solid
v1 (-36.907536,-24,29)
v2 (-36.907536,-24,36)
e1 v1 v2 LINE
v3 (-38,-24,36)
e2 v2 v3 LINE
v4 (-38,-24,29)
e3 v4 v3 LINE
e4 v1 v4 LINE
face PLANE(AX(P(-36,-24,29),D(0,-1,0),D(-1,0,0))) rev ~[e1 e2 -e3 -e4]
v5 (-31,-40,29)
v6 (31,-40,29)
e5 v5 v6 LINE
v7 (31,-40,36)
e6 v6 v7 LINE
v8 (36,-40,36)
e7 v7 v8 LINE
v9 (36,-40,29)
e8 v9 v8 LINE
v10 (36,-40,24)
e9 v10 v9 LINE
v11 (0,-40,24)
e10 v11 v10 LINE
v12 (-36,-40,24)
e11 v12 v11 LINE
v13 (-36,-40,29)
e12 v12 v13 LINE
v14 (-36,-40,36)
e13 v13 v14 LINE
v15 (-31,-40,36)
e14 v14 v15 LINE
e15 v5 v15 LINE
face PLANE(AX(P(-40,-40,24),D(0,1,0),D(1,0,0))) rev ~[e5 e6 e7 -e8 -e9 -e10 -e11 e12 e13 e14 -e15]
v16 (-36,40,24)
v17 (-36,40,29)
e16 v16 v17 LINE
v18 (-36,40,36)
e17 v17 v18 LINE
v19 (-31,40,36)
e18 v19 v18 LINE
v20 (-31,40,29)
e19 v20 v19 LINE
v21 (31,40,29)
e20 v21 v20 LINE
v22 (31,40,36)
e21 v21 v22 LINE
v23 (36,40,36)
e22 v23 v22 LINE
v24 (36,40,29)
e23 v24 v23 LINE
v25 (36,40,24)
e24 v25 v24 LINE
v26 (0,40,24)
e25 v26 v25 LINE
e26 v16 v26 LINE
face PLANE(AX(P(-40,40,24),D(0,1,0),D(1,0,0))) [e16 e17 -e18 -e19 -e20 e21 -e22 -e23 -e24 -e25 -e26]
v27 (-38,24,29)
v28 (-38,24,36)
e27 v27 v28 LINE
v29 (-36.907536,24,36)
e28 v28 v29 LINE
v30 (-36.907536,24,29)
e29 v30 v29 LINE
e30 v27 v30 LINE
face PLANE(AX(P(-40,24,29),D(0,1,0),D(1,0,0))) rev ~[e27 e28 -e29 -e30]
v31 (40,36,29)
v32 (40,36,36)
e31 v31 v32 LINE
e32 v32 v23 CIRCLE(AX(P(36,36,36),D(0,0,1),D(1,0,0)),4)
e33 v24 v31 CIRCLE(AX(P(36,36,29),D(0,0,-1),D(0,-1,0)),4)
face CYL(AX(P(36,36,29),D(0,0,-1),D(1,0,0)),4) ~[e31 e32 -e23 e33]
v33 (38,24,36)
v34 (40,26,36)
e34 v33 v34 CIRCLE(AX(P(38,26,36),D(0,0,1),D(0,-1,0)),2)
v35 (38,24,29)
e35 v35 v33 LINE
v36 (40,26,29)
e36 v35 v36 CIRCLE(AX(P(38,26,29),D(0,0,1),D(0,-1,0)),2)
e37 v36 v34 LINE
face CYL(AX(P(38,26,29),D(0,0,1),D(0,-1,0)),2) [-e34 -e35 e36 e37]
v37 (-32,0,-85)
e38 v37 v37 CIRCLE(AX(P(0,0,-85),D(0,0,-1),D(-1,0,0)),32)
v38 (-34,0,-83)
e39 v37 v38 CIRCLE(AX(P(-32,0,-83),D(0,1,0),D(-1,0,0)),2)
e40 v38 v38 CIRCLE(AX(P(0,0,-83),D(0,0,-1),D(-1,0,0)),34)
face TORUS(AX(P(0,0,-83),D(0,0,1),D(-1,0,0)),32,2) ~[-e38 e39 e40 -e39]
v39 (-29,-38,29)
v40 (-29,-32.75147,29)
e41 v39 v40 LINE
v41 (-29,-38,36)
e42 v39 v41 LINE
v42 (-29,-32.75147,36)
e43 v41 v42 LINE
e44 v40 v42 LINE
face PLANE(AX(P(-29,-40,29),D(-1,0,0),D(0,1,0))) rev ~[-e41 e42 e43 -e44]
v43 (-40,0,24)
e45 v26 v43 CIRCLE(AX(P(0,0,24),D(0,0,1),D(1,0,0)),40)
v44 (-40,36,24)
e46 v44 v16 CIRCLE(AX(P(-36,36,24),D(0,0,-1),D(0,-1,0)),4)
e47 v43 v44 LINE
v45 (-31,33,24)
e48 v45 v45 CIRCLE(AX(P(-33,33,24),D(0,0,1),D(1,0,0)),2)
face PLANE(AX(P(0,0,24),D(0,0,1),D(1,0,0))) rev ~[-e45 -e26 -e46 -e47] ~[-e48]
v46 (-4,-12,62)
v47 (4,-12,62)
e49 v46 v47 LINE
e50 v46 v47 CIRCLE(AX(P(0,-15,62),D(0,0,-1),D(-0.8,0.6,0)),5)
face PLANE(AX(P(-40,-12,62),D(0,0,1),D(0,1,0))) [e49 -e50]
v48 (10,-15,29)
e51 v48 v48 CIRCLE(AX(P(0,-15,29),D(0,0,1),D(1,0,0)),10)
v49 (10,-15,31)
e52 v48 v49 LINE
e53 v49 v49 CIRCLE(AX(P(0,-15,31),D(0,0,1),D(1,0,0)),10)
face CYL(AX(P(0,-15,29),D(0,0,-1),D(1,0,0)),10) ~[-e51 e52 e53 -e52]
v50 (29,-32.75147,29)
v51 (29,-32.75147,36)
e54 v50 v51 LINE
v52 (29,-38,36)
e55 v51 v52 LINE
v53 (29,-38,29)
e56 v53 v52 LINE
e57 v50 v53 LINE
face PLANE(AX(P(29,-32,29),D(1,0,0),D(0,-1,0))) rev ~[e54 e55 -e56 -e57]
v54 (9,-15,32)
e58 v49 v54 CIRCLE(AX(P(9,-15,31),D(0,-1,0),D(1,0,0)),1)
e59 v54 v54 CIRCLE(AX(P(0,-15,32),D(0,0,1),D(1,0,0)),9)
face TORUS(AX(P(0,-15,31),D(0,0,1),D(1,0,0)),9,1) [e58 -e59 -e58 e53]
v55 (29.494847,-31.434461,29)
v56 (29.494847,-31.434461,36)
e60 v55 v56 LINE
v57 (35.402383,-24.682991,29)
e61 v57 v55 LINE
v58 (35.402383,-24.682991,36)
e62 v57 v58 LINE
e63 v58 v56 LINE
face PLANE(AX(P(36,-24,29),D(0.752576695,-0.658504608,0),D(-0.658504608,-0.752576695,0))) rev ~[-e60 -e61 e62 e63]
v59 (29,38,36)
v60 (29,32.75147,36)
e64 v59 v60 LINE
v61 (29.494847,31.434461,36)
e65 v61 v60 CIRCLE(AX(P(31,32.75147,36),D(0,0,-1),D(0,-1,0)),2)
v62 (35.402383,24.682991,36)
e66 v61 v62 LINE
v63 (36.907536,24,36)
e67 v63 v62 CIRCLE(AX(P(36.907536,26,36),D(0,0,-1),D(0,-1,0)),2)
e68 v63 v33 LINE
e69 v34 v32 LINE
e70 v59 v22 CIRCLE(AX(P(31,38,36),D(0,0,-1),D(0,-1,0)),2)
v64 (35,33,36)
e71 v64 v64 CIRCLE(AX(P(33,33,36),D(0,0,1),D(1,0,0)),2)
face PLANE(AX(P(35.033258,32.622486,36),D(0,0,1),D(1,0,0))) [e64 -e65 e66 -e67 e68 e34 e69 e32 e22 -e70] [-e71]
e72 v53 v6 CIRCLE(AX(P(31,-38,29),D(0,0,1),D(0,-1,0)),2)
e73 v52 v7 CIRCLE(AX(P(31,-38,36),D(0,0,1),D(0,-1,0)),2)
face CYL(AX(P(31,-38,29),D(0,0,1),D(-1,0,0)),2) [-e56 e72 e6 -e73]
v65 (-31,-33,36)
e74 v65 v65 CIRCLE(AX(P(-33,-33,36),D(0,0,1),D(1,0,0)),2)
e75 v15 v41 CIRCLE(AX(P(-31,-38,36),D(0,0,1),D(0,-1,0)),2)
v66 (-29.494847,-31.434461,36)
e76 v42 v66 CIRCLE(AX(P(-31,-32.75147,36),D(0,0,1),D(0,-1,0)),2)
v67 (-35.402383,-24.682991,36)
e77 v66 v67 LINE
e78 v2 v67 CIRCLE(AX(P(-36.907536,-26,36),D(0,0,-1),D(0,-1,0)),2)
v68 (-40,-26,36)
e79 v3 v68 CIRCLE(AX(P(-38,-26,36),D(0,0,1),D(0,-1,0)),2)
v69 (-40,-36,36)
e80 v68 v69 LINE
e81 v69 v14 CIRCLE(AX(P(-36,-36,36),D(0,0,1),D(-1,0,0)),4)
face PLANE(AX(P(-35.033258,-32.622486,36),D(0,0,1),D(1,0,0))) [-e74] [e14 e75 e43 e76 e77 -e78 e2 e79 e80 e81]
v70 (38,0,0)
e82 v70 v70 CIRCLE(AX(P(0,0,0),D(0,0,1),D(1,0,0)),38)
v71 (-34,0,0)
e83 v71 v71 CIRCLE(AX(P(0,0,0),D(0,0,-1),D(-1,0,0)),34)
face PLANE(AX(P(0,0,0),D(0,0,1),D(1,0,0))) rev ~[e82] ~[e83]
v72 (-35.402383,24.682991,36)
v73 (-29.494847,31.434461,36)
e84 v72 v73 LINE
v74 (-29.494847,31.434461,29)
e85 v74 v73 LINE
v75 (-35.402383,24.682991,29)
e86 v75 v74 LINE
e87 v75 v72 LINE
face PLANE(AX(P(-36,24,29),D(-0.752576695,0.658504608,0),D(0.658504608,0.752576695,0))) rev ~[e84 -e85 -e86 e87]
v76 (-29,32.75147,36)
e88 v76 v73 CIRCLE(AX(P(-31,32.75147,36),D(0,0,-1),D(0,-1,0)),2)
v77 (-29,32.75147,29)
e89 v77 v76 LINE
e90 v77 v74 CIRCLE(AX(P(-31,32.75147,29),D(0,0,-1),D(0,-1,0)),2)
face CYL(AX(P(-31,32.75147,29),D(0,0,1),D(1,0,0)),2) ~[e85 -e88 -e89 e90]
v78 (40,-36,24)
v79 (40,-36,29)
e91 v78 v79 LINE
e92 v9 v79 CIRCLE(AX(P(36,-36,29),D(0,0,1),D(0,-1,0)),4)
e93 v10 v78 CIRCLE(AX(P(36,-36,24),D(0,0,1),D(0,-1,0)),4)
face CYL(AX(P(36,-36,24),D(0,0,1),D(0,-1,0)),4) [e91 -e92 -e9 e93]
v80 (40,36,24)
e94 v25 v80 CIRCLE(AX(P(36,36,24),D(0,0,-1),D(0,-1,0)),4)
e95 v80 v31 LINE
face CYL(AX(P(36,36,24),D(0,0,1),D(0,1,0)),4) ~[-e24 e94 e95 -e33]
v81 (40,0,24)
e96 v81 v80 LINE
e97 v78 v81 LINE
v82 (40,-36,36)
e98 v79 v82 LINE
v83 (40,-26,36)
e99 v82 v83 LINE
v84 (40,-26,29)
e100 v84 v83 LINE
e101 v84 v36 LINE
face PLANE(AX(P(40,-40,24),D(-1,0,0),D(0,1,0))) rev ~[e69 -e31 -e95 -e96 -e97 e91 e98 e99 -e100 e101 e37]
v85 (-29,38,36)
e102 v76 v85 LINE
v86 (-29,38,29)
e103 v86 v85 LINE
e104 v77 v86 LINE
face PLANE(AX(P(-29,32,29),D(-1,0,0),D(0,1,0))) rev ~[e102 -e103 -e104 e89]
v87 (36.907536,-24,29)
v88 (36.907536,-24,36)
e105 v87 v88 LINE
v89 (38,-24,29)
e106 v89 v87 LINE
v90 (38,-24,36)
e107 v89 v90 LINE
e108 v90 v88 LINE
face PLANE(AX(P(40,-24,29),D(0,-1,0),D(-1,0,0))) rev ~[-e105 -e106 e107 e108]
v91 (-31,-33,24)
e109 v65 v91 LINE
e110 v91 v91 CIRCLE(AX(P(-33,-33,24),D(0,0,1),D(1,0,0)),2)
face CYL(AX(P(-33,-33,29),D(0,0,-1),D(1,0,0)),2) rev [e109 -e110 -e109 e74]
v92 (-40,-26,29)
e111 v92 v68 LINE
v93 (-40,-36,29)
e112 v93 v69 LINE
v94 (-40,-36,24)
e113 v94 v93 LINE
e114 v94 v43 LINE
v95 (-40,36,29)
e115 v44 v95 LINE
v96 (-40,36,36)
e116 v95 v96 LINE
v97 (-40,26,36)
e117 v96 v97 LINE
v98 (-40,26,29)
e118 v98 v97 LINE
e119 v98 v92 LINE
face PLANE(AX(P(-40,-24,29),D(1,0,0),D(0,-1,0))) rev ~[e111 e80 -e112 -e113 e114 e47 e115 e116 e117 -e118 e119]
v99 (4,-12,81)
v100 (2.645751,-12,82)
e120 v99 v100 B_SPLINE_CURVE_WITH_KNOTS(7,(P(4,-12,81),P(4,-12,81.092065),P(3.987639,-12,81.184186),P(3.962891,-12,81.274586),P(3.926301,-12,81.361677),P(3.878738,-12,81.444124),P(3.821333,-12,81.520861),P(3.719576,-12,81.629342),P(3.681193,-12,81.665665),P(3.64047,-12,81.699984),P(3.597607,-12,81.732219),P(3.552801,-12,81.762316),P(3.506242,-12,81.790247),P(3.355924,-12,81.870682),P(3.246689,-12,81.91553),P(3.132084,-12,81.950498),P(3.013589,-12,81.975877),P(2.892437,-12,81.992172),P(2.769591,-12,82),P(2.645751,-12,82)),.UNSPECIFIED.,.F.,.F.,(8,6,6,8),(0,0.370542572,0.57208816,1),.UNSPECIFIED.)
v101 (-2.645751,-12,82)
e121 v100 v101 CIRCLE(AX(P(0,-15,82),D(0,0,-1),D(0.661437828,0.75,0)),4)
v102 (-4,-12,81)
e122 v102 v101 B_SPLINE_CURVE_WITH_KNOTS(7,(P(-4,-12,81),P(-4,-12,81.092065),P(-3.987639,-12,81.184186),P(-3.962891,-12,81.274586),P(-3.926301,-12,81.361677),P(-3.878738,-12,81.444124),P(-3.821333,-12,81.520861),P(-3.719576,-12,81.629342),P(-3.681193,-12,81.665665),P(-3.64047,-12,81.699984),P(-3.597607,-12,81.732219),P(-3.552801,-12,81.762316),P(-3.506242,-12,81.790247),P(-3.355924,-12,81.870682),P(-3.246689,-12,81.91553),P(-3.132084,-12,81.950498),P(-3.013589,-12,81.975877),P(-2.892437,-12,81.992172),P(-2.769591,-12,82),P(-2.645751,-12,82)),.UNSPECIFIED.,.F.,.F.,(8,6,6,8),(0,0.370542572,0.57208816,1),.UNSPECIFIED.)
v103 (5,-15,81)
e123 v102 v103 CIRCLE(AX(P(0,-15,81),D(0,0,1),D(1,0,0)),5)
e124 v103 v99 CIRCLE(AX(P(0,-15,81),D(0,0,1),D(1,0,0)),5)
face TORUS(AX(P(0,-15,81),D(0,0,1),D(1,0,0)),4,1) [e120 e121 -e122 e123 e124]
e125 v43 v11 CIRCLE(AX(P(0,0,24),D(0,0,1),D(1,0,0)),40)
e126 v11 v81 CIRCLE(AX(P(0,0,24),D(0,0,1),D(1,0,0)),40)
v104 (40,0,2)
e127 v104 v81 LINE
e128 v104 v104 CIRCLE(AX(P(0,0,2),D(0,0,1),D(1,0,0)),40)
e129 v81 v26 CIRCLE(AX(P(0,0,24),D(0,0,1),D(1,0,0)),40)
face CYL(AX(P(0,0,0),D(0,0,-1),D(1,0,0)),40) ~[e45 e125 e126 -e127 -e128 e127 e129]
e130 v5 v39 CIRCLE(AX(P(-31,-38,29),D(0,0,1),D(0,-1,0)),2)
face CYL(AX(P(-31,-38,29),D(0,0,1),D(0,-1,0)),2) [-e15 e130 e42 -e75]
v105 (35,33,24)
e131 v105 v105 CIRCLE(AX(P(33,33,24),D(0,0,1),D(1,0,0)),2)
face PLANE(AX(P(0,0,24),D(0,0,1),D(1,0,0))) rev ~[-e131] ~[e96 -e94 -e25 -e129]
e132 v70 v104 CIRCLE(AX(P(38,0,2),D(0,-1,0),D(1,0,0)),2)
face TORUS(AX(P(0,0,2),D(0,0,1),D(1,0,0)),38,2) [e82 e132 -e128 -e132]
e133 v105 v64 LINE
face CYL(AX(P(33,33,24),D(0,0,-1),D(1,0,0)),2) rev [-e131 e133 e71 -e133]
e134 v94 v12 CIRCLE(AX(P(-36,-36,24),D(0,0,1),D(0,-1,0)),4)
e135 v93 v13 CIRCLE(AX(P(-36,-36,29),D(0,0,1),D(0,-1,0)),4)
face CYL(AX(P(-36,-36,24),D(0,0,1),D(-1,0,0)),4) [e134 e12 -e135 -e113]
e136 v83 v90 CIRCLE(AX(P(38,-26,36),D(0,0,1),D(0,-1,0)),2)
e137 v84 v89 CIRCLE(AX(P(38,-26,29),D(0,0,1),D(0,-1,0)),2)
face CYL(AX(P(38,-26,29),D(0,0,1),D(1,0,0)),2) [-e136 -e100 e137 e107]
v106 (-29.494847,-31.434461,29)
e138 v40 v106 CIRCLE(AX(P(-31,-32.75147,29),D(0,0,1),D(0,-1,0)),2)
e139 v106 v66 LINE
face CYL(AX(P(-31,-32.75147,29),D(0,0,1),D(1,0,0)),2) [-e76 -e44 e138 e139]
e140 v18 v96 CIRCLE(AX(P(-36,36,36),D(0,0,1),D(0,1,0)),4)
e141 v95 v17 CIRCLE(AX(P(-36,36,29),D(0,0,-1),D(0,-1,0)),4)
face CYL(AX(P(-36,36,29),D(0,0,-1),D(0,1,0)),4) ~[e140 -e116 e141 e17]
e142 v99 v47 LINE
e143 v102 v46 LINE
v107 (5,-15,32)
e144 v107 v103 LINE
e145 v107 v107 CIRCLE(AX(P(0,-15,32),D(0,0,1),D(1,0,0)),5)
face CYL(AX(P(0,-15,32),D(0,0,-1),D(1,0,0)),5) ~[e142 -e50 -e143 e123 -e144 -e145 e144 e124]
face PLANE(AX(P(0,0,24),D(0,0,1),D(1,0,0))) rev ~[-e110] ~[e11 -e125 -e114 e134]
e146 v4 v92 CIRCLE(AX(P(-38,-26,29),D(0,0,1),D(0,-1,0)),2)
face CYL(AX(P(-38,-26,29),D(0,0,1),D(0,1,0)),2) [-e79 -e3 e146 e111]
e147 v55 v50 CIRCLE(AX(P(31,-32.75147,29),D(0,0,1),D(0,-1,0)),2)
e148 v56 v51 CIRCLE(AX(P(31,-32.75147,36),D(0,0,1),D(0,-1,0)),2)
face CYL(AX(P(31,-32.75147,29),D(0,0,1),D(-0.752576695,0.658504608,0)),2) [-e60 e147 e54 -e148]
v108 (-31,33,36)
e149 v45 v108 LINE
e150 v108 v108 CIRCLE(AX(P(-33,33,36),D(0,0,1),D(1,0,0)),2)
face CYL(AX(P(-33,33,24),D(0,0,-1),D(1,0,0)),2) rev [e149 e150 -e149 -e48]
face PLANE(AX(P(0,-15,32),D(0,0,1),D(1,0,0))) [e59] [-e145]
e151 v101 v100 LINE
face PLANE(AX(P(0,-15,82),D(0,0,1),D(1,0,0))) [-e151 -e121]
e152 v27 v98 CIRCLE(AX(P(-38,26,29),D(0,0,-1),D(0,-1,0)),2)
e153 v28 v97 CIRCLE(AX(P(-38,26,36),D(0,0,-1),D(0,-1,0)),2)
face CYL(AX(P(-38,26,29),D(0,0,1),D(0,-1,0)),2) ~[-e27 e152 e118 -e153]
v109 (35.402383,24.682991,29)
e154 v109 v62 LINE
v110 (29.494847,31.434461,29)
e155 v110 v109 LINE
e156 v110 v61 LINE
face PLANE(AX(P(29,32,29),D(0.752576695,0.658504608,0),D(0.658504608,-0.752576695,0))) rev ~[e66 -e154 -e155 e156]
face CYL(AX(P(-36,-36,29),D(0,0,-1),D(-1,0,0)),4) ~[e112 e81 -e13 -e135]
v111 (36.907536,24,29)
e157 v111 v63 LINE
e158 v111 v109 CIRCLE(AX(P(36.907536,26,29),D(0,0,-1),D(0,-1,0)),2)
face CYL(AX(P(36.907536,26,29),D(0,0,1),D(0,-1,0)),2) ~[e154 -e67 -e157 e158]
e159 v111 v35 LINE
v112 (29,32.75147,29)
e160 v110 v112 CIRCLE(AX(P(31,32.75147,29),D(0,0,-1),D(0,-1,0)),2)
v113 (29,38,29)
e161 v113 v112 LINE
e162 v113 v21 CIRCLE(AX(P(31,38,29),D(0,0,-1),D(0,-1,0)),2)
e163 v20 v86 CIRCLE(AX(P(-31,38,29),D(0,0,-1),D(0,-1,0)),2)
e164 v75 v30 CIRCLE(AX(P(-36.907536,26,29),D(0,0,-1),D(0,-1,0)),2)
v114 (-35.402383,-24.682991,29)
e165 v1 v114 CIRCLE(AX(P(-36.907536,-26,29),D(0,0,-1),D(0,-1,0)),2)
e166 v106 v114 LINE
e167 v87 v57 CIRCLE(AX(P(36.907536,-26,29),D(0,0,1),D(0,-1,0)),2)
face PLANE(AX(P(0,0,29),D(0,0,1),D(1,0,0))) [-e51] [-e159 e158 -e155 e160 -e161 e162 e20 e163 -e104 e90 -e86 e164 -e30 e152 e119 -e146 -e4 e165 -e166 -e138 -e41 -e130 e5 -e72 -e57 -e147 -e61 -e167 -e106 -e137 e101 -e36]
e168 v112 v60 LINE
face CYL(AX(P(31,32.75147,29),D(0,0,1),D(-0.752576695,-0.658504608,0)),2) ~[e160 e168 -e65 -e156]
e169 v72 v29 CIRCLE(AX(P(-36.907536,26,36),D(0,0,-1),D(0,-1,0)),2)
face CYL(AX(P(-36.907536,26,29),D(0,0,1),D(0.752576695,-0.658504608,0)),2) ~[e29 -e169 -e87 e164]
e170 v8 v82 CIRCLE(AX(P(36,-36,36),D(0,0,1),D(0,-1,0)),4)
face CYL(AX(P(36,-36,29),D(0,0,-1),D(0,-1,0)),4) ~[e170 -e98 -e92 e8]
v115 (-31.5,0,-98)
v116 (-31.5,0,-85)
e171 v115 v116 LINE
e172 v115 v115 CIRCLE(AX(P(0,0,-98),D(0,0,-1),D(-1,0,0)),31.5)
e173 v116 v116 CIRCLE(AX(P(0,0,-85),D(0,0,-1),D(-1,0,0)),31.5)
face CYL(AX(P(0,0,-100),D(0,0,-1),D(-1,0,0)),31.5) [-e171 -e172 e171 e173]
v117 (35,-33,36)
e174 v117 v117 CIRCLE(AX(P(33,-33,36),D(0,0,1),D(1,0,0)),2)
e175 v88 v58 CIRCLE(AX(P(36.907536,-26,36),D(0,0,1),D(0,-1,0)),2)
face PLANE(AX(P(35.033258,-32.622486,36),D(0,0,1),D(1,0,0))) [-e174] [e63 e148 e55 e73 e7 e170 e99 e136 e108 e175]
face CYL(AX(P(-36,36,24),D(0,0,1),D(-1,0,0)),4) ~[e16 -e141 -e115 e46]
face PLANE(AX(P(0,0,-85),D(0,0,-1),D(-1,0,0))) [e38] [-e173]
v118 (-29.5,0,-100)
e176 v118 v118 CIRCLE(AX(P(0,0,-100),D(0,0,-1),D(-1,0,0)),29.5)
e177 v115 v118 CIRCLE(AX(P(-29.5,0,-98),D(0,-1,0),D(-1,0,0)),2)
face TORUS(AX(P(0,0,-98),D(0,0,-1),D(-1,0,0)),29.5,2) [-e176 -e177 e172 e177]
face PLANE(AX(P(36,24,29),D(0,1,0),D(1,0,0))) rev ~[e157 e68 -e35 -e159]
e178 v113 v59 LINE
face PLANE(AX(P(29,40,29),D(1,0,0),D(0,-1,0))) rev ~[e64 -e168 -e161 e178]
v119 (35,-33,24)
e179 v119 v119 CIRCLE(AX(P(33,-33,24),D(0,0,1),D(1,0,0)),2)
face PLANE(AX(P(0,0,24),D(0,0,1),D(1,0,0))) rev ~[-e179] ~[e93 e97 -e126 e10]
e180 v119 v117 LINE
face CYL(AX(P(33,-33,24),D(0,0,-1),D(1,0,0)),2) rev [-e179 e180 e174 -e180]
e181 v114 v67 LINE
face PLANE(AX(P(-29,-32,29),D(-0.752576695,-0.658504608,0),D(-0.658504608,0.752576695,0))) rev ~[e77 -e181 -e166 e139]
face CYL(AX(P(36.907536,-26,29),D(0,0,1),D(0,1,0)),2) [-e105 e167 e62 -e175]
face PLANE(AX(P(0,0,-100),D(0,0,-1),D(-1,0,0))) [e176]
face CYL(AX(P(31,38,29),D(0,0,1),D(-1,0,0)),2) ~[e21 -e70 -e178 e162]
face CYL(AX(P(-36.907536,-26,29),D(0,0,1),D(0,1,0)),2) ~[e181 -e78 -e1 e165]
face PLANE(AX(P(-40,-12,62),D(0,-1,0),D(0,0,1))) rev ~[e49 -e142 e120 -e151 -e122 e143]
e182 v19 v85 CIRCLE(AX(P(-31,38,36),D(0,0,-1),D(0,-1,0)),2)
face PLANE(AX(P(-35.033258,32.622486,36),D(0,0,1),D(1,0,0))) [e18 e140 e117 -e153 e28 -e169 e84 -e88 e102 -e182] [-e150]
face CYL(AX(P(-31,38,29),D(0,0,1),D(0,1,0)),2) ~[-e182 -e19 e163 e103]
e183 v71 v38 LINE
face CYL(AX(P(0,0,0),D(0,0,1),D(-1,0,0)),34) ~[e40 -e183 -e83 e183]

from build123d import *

# Parameters (mm, degrees)
SKETCH1_R               = 40
BOSS_EXTRUDE1_DEPTH     = 24
SKETCH2_W               = 80
SKETCH2_H               = 80
SKETCH2_R               = 2
BOSS_EXTRUDE2_DEPTH     = 5
FILLET1_R               = 4
SKETCH3_R               = 34
BOSS_EXTRUDE3_DEPTH     = 100
SKETCH4_R               = 10
BOSS_EXTRUDE4_DEPTH     = 3
SKETCH5_R               = 5
BOSS_EXTRUDE5_DEPTH     = 50
FILLET3_R               = 1
FILLET4_R               = 1
SKETCH6_W               = 26.979088542
SKETCH6_H               = 2
CUT_EXTRUDE1_DEPTH      = 1
CUT_EXTRUDE1_DEPTH_BACK = 81
SKETCH8_R               = 2
BOSS_EXTRUDE6_DEPTH     = 7
FILLET5_R               = 2
SKETCH10_R              = 34
SKETCH10_R_2            = 31.5
CUT_EXTRUDE3_DEPTH      = 15
FILLET6_R               = 2
FILLET7_R               = 2
FILLET8_R               = 2


with BuildPart() as part:
    # Sketch1 → Boss-Extrude1 (new body)
    with BuildSketch(Plane.XY):
        Circle(SKETCH1_R)
    extrude(amount=BOSS_EXTRUDE1_DEPTH)

    # Sketch2 → Boss-Extrude2 (add)
    with BuildSketch(Plane.XY.offset(24)):
        Rectangle(SKETCH2_W, SKETCH2_H)
        with Locations((33, -33)):
            Circle(SKETCH2_R, mode=Mode.SUBTRACT)
        with Locations((-33, 33)):
            Circle(SKETCH2_R, mode=Mode.SUBTRACT)
        with Locations((33, 33)):
            Circle(SKETCH2_R, mode=Mode.SUBTRACT)
        with Locations((-33, -33)):
            Circle(SKETCH2_R, mode=Mode.SUBTRACT)
    extrude(amount=BOSS_EXTRUDE2_DEPTH)

    # Fillet1
    fillet1_edges = [part.edges().sort_by_distance(p)[0] for p in [
        (40, 40, 26.5),
        (-40, 40, 26.5),
        (-40, -40, 26.5),
        (40, -40, 26.5),
    ]]
    fillet(fillet1_edges, radius=FILLET1_R)

    # Sketch3 → Boss-Extrude3 (add)
    with BuildSketch(Plane(origin=(0, 0, 0), x_dir=(-1, 0, 0), z_dir=(0, 0, -1))):
        Circle(SKETCH3_R)
    extrude(amount=BOSS_EXTRUDE3_DEPTH)

    # Sketch4 → Boss-Extrude4 (add)
    with BuildSketch(Plane.XY.offset(29)):
        with Locations((0, -15)):
            Circle(SKETCH4_R)
    extrude(amount=BOSS_EXTRUDE4_DEPTH)

    # Sketch5 → Boss-Extrude5 (add)
    with BuildSketch(Plane.XY.offset(32)):
        with Locations((0, -15)):
            Circle(SKETCH5_R)
    extrude(amount=BOSS_EXTRUDE5_DEPTH)

    # Fillet3
    fillet3_edges = [part.edges().sort_by_distance(p)[0] for p in [
        (-10, -15, 32),
    ]]
    fillet(fillet3_edges, radius=FILLET3_R)

    # Fillet4
    fillet4_edges = [part.edges().sort_by_distance(p)[0] for p in [
        (-5, -15, 82),
    ]]
    fillet(fillet4_edges, radius=FILLET4_R)

    # Sketch6 → Cut-Extrude1 (cut, two sides)
    with BuildSketch(Plane.ZY.offset(40)) as cut_extrude1_sk:
        with Locations((75.489544271, -11)):
            Rectangle(SKETCH6_W, SKETCH6_H)
    extrude(amount=CUT_EXTRUDE1_DEPTH, mode=Mode.SUBTRACT)
    extrude(cut_extrude1_sk.sketch, amount=-CUT_EXTRUDE1_DEPTH_BACK, mode=Mode.SUBTRACT)

    # Sketch8 → Boss-Extrude6 (add)
    with BuildSketch(Plane.XY.offset(29)):
        with BuildLine():
            Line((-36, -24), (-40, -24))
            Line((-40, -24), (-40, -36))
            ThreePointArc((-40, -36), (-38.828427125, -38.828427125), (-36, -40))
            Line((-36, -40), (-29, -40))
            Line((-29, -40), (-29, -32))
            Line((-29, -32), (-36, -24))
        make_face()
        with Locations((-33, -33)):
            Circle(SKETCH8_R, mode=Mode.SUBTRACT)
        with BuildLine():
            Line((29, -32), (29, -40))
            Line((29, -40), (36, -40))
            ThreePointArc((36, -40), (38.828427125, -38.828427125), (40, -36))
            Line((40, -36), (40, -24))
            Line((40, -24), (36, -24))
            Line((36, -24), (29, -32))
        make_face()
        with Locations((33, -33)):
            Circle(SKETCH8_R, mode=Mode.SUBTRACT)
        with BuildLine():
            Line((-40, 36), (-40, 24))
            Line((-40, 24), (-36, 24))
            Line((-36, 24), (-29, 32))
            Line((-29, 32), (-29, 40))
            Line((-29, 40), (-36, 40))
            ThreePointArc((-36, 40), (-38.828427125, 38.828427125), (-40, 36))
        make_face()
        with Locations((-33, 33)):
            Circle(SKETCH8_R, mode=Mode.SUBTRACT)
        with BuildLine():
            Line((36, 40), (29, 40))
            Line((29, 40), (29, 32))
            Line((29, 32), (36, 24))
            Line((36, 24), (40, 24))
            Line((40, 24), (40, 36))
            ThreePointArc((40, 36), (38.828427125, 38.828427125), (36, 40))
        make_face()
        with Locations((33, 33)):
            Circle(SKETCH8_R, mode=Mode.SUBTRACT)
    extrude(amount=BOSS_EXTRUDE6_DEPTH)

    # Fillet5
    fillet5_edges = [part.edges().sort_by_distance(p)[0] for p in [
        (-36, -24, 32.5),
        (-40, -24, 32.5),
        (-29, -40, 32.5),
        (-29, -32, 32.5),
        (36, -24, 32.5),
        (29, -32, 32.5),
        (29, -40, 32.5),
        (40, -24, 32.5),
        (-36, 24, 32.5),
        (-29, 32, 32.5),
        (-29, 40, 32.5),
        (-40, 24, 32.5),
        (36, 24, 32.5),
        (40, 24, 32.5),
        (29, 40, 32.5),
        (29, 32, 32.5),
    ]]
    fillet(fillet5_edges, radius=FILLET5_R)

    # Sketch10 → Cut-Extrude3 (cut)
    with BuildSketch(Plane(origin=(0, 0, -100), x_dir=(-1, 0, 0), z_dir=(0, 0, -1))):
        Circle(SKETCH10_R)
        Circle(SKETCH10_R_2, mode=Mode.SUBTRACT)
    extrude(amount=-CUT_EXTRUDE3_DEPTH, mode=Mode.SUBTRACT)

    # Fillet6
    fillet6_edges = [part.edges().sort_by_distance(p)[0] for p in [
        (31.5, 0, -100),
    ]]
    fillet(fillet6_edges, radius=FILLET6_R)

    # Fillet7
    fillet7_edges = [part.edges().sort_by_distance(p)[0] for p in [
        (34, 0, -85),
    ]]
    fillet(fillet7_edges, radius=FILLET7_R)

    # Fillet8
    fillet8_edges = [part.edges().sort_by_distance(p)[0] for p in [
        (-40, 0, 0),
    ]]
    fillet(fillet8_edges, radius=FILLET8_R)


solid = part.part
